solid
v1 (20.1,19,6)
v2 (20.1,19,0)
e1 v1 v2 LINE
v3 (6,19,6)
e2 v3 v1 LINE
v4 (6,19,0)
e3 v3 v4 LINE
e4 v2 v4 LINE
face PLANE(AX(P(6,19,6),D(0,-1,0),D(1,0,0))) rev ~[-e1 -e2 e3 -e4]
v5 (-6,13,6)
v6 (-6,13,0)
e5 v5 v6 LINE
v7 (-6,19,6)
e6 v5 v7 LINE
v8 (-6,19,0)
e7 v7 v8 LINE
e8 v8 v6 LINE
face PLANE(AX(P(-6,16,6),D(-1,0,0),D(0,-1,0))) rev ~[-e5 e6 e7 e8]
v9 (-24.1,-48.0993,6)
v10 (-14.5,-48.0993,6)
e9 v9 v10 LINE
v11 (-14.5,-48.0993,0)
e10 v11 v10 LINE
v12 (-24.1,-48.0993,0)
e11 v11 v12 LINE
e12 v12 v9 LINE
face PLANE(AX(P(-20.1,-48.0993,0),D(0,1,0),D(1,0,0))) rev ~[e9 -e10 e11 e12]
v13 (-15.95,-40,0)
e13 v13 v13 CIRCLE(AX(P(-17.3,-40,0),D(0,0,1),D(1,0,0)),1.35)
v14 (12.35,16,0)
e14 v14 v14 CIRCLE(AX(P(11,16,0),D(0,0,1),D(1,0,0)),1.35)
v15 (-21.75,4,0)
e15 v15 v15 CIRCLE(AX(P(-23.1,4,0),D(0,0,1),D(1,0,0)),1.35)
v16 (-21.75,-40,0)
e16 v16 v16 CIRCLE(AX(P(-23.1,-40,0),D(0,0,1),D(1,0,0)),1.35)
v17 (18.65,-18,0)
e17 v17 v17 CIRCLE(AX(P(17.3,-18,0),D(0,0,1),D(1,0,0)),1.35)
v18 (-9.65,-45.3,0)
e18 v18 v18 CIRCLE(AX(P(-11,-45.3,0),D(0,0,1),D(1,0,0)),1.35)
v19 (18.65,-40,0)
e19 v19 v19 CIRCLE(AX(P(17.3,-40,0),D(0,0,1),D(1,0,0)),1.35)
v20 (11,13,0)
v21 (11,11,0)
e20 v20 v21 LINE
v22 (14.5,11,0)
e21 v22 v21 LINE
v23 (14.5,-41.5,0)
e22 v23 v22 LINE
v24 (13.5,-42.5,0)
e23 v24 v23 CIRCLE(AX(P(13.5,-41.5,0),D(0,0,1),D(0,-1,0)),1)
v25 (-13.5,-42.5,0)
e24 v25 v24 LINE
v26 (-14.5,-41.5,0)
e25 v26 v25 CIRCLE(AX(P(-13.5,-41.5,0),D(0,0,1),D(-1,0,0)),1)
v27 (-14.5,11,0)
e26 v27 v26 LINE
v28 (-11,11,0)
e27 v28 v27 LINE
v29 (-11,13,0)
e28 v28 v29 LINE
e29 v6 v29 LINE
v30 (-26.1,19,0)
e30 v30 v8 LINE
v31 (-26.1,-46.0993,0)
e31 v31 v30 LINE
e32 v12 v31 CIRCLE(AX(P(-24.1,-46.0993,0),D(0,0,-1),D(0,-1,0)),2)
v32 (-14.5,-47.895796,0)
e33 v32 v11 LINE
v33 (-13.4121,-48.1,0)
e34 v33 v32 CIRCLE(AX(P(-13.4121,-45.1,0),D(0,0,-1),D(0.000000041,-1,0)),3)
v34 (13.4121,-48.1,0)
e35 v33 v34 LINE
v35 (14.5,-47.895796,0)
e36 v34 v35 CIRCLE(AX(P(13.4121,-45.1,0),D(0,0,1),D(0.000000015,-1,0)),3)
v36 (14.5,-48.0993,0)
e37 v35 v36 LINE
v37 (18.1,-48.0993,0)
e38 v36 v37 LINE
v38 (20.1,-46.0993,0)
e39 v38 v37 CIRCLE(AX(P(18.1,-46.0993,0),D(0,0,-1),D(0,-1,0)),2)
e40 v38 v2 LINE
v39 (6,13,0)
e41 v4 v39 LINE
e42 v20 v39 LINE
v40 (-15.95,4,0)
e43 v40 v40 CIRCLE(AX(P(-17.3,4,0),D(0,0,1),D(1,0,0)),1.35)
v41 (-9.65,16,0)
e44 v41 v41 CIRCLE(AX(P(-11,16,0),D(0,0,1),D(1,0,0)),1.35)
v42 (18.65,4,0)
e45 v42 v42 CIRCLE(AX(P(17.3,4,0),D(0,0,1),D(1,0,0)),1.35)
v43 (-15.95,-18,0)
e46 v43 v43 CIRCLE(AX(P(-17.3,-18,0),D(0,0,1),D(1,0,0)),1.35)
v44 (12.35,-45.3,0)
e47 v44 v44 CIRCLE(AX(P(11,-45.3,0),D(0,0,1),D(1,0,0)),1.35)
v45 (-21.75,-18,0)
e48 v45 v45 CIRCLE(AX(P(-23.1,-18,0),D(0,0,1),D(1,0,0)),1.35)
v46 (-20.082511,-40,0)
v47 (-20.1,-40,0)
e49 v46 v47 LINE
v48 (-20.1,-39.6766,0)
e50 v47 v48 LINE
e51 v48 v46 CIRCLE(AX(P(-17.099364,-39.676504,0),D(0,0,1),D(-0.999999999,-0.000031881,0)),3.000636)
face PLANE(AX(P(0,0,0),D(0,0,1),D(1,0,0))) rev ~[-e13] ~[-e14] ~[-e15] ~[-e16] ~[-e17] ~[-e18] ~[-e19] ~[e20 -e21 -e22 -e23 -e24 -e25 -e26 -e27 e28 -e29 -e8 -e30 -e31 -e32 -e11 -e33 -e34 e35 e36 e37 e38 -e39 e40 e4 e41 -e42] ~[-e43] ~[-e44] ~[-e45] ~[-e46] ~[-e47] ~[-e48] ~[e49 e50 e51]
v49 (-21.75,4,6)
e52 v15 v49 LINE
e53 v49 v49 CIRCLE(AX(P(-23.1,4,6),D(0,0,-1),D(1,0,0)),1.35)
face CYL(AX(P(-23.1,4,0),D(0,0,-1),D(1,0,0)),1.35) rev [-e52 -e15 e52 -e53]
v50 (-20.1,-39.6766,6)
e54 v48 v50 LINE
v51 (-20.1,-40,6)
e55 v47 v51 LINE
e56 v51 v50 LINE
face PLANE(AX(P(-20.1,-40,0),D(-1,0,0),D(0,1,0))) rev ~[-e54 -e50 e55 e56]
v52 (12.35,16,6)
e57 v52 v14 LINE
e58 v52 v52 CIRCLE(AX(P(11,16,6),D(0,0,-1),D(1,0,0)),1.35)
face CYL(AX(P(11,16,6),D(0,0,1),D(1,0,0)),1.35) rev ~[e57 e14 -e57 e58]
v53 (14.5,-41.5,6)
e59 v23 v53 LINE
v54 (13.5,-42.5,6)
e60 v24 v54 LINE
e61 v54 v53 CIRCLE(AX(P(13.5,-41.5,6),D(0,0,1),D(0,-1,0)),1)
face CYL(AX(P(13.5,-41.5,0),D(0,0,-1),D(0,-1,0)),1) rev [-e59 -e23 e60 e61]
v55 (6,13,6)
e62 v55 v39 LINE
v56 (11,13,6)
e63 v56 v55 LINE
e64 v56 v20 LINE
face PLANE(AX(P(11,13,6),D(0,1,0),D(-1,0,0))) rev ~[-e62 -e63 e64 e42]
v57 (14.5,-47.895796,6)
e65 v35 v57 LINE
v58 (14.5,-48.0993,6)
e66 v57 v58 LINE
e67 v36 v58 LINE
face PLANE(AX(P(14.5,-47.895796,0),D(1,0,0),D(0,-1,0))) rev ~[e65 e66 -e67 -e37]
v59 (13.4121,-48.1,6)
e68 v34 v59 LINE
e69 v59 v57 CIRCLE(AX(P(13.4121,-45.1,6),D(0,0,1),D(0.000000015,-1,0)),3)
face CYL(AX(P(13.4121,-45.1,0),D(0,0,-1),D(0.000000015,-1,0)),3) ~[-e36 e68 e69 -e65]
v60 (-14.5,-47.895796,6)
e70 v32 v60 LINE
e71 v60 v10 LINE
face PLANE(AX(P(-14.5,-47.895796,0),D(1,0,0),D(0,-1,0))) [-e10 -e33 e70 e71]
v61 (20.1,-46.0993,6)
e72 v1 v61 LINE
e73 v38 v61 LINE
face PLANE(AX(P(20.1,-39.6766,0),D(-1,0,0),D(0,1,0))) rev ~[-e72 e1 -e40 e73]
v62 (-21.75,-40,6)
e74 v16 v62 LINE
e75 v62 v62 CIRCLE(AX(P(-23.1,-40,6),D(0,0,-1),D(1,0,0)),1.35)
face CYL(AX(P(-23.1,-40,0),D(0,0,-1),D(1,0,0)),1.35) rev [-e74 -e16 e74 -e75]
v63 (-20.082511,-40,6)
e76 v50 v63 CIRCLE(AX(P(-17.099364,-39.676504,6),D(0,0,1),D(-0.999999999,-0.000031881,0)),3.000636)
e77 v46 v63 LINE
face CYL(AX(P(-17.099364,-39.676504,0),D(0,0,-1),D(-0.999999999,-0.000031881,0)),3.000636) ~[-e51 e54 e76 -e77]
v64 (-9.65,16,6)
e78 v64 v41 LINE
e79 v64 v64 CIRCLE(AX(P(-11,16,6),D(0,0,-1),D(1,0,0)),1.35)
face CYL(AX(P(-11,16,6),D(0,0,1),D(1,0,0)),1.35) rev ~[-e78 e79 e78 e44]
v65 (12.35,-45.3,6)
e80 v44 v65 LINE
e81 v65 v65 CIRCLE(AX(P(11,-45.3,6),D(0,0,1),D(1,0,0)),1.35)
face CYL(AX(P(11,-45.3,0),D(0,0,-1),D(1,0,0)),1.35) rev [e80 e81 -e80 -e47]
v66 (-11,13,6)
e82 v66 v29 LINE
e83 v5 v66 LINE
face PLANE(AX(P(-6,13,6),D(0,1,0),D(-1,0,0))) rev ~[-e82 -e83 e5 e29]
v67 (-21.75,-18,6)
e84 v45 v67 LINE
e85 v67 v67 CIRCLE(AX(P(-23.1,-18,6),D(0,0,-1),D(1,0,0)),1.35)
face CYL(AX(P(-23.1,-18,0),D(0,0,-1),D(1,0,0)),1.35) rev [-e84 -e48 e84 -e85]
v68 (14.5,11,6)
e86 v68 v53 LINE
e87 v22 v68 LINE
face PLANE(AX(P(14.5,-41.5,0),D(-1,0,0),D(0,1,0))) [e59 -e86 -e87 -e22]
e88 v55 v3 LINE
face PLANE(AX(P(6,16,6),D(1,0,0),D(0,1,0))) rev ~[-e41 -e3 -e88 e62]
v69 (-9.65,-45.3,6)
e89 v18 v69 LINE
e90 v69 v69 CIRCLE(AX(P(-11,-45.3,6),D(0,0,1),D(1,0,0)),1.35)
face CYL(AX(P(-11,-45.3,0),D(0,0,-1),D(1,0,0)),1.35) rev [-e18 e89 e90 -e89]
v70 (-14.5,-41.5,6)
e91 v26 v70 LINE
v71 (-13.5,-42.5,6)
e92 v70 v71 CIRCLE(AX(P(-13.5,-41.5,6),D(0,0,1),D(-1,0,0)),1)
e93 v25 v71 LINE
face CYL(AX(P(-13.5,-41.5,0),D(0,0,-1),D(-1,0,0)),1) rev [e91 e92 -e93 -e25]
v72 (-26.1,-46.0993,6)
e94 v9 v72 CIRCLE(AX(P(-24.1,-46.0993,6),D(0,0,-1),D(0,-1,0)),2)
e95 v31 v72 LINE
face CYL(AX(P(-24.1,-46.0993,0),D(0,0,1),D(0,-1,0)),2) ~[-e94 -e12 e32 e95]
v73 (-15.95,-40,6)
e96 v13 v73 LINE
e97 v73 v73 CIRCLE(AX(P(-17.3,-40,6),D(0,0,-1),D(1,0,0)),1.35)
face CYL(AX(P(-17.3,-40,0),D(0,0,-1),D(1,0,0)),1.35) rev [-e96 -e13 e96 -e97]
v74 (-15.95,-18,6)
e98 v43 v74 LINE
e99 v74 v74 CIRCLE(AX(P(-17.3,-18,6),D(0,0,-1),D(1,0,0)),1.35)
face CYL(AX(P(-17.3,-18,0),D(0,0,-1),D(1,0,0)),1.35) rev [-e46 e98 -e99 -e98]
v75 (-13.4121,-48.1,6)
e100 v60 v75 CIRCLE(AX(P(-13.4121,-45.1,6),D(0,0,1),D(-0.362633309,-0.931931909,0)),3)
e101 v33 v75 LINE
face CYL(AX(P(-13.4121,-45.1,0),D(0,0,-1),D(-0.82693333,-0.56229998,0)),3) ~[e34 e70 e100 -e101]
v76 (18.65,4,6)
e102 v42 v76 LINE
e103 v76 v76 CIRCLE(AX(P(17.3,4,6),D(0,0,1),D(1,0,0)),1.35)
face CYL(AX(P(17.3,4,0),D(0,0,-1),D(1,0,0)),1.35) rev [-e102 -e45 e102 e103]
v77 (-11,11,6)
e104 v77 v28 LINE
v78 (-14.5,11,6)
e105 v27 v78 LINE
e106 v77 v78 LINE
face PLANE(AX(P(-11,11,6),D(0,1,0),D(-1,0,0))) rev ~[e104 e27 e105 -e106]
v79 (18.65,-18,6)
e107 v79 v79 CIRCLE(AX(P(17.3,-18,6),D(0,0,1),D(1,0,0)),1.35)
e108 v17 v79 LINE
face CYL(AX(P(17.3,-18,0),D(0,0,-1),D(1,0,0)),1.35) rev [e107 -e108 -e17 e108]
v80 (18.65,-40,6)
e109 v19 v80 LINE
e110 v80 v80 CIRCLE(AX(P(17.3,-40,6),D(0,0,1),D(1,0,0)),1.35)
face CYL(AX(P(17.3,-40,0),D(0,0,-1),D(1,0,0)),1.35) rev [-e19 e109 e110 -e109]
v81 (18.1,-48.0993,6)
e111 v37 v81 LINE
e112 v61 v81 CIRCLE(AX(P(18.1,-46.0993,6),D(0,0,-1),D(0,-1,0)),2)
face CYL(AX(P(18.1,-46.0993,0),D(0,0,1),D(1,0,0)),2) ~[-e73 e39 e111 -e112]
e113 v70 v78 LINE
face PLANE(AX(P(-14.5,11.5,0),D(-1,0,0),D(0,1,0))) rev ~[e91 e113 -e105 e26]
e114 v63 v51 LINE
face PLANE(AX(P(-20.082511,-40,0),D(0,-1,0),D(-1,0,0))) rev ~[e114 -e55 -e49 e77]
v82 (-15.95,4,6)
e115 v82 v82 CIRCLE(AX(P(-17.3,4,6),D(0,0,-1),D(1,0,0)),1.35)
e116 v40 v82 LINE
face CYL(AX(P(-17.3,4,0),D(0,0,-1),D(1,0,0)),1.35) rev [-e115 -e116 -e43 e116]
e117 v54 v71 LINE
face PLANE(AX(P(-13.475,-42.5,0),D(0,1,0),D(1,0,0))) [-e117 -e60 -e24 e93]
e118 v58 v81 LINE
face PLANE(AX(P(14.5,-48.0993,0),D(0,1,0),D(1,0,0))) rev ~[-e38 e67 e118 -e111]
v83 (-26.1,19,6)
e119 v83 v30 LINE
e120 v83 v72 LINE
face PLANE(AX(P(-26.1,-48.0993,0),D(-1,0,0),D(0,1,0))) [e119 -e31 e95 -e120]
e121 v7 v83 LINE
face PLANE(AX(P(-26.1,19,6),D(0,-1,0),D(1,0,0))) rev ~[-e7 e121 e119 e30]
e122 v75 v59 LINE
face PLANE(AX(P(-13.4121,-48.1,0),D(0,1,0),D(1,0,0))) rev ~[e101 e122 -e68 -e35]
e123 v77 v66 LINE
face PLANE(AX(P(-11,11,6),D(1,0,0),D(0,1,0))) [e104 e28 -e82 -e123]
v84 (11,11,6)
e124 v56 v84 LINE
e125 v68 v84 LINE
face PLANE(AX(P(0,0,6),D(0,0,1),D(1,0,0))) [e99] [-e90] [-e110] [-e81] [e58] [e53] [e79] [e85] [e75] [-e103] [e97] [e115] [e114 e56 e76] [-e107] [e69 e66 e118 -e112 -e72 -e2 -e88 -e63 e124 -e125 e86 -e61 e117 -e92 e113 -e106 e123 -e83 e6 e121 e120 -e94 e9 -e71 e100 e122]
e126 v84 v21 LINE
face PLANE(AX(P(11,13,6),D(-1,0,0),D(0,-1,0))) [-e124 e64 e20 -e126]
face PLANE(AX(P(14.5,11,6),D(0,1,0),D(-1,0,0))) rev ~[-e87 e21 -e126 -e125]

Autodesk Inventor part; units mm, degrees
ref_plane "YZ Plane" through (0, 0, 0) normal (1, 0, 0) x (0, 1, 0)
ref_plane "XZ Plane" through (0, 0, 0) normal (0, 1, 0) x (-1, 0, 0)
ref_plane "XY Plane" through (0, 0, 0) normal (0, 0, 1) x (1, 0, 0)
ref_plane "작업 평면1" through (0, 0, 0) normal (0, 0, 1) x (1, 0, 0)
sketch "스케치1" plane through (0, 0, 0) normal (0, 0, 1) x (1, 0, 0)
  arc A0 (20.1, 4.5766) -> (19.5808, 6.2636) centre (17.1, 4.5766) ccw projected
  line L0 (19.5808, 6.2636) -> (15.5953, 12.1246) projected
  arc A1 (15.5953, 12.1246) -> (13.9414, 13) centre (13.9414, 11) ccw projected
  line L1 (13, 13) -> (13.9414, 13) projected
  arc A2 (14.5, 11.5) -> (13, 13) centre (13, 11.5) ccw projected
  line L2 (14.5, -41.5) -> (14.5, 11.5) projected
  arc A3 (13.5, -42.5) -> (14.5, -41.5) centre (13.5, -41.5) ccw projected
  line L3 (-13.5, -42.5) -> (13.5, -42.5) projected
  arc A4 (-14.5, -41.5) -> (-13.5, -42.5) centre (-13.5, -41.5) ccw projected
  line L4 (-14.5, 11.5) -> (-14.5, -41.5) projected
  arc A5 (-13, 13) -> (-14.5, 11.5) centre (-13, 11.5) ccw projected
  line L5 (-13.9414, 13) -> (-13, 13) projected
  arc A6 (-13.9414, 13) -> (-15.5953, 12.1246) centre (-13.9414, 11) ccw projected
  line L6 (-15.5953, 12.1246) -> (-19.5808, 6.2636) projected
  arc A7 (-19.5808, 6.2636) -> (-20.1, 4.5766) centre (-17.1, 4.5766) ccw projected
  line L7 (-20.1, 4.5766) -> (-20.1, -39.6766) projected
  arc A8 (-20.1, -39.6766) -> (-19.5808, -41.3636) centre (-17.1, -39.6766) ccw projected
  line L8 (-19.5808, -41.3636) -> (-15.8929, -46.7869) projected
  arc A9 (-15.8929, -46.7869) -> (-13.4121, -48.1) centre (-13.4121, -45.1) ccw projected
  line L9 (-13.4121, -48.1) -> (13.4121, -48.1) projected
  arc A10 (13.4121, -48.1) -> (15.8929, -46.7869) centre (13.4121, -45.1) ccw projected
  line L10 (15.8929, -46.7869) -> (19.5808, -41.3636) projected
  arc A11 (19.5808, -41.3636) -> (20.1, -39.6766) centre (17.1, -39.6766) ccw projected
  line L11 (20.1, -39.6766) -> (20.1, 4.5766) projected
  circle A12 centre (-17.3, 4) radius 1.35 projected
  circle A13 centre (-17.3, -18) radius 1.35 projected
  circle A14 centre (-11, -45.3) radius 1.35 projected
  circle A15 centre (17.3, 4) radius 1.35 projected
  circle A16 centre (17.3, -18) radius 1.35 projected
  circle A17 centre (11, -45.3) radius 1.35 projected
  circle A18 centre (-17.3, -40) radius 1.35 projected
  circle A19 centre (17.3, -40) radius 1.35 projected
  line L12 (-20.1, -48.0993) -> (-20.1, 25.0993) projected
  line L13 (-20.1, 25.0993) -> (-26.1, 25.0993) projected
  line L14 (-26.1, -48.0993) -> (-26.1, 25.0993) projected
  line L15 (-20.1, -48.0993) -> (-26.1, -48.0993) projected
  line L16 (-14.5, 11.5) -> (-14.5, 13.7353)
  line L17 (-13.9414, 13) -> (-15.2676, 13)
  line L18 (-14.5, -41.5) -> (-14.5, -54.5935)
  line L19 (-20.1, -48.0993) -> (-13.475, -48.0993)
  line L20 (-13.475, -48.0993) -> (-26.1, -48.0993)
  line L21 (-26.1, -48.0993) -> (-26.1, 13)
  line L22 (-26.1, 13) -> (-13.475, 13)
  line L23 (-13.475, 13) -> (-13.475, -48.0993)
  line L24 (-17.3, 4) -> (-17.3, -18)
  line L25 (-17.3, -18) -> (-23.1, -18)
  line L26 (-23.1, -18) -> (-23.1, 4)
  line L27 (-23.1, 4) -> (-17.3, 4)
  line L28 (-17.3, -18) -> (-17.3, -40)
  line L29 (-17.3, -40) -> (-23.1, -40)
  line L30 (-23.1, -40) -> (-23.1, -18)
  line L31 (-23.1, -18) -> (-17.3, -18)
  circle A20 centre (-23.1, 4) radius 1.35
  circle A21 centre (-23.1, -18) radius 1.35
  circle A22 centre (-23.1, -40) radius 1.35
  line L32 (14.5, 13) -> (14.5, -48.0993)
  line L33 (14.5, -48.0993) -> (20.1, -48.0993)
  line L34 (20.1, -48.0993) -> (20.1, 13)
  line L35 (20.1, 13) -> (14.5, 13)
  circle A23 centre (-23.1, 4) radius 1.35 projected
  circle A24 centre (-23.1, -18) radius 1.35 projected
  circle A25 centre (-23.1, -40) radius 1.35 projected
  point P0 (0, 0)
  point P1 (-14.5, 13)
  point P2 (20.1, 4.5766)
  point P3 (14.5, 11.5)
  point P4 (-26.1, 13)
  point P5 (-14.5, -48.0993)
  point P6 (-14.5, -47.8958)
  point P7 (14.5, -47.8958)
  point P8 (20.1, -39.6766)
  point P9 (-20.0825, -40)
  point P10 (-20.1, -40)
  dimension "d0" = 2.7
  dimension "d1" = 2.7
  dimension "d2" = 2.7
extrude "돌출1" add sketch "스케치1" along normal blind 6 contours L11 A11 L10 A10 L32 L2 A1 L0 A0 | A0 L0 A1 L32 L35 L34 | L34 L33 L32 A10 L10 A11 | A10 L9 A9 L23 L3 A3 L32 | L23 A9 L18 A4 L3 | L18 L19 L12 L29 A8 L8 A9 | A9 L8 A8 L29 A18 L28 A13 L24 A12 L27 L7 A7 L6 A6 L16 L4 L18 | L15 L14 L22 L12 L7 L27 A20 L26 A21 L30 A22 L29 | A6 L6 A7 L12 L22 L17 L16 | L29 A22 L30 A21 L25 L7 L12 | A8 L7 L25 A13 L28 A18 L29 | L25 A21 L26 A20 L27 L7 | L7 L27 A12 L24 A13 L25
fillet "모깎기1" radius 2 6 edges at (-26.1, -48.0993, 3) (20.1, -48.0993, 3) (20.1, 13, 3) (14.5, 13, 3) (-14.5, 13, 3) (-26.1, 13, 3)
sketch "스케치2" plane through (0, 0, 6) normal (0, 0, 1) x (1, 0, 0)
  line L0 (-13, 13) -> (-13, 19) projected
  line L1 (13, 13) -> (-13, 13) projected
  line L2 (13, 13) -> (13, 19) projected
  line L3 (-13, 19) -> (13, 19) projected
  arc A0 (-24.1, 13) -> (-26.1, 11) centre (-24.1, 11) ccw projected
  line L4 (-26.1, 11) -> (-26.1, -46.0993) projected
  arc A1 (-26.1, -46.0993) -> (-24.1, -48.0993) centre (-24.1, -46.0993) ccw projected
  line L5 (-24.1, -48.0993) -> (-14.5, -48.0993) projected
  line L6 (-14.5, -48.0993) -> (-14.5, -47.8958) projected
  arc A2 (-14.5, -47.8958) -> (-13.4121, -48.1) centre (-13.4121, -45.1) ccw projected
  line L7 (-13.4121, -48.1) -> (13.4121, -48.1) projected
  arc A3 (13.4121, -48.1) -> (14.5, -47.8958) centre (13.4121, -45.1) ccw projected
  line L8 (14.5, -47.8958) -> (14.5, -48.0993) projected
  line L9 (14.5, -48.0993) -> (18.1, -48.0993) projected
  arc A4 (18.1, -48.0993) -> (20.1, -46.0993) centre (18.1, -46.0993) ccw projected
  line L10 (20.1, -46.0993) -> (20.1, 11) projected
  arc A5 (20.1, 11) -> (18.1, 13) centre (18.1, 11) ccw projected
  line L11 (18.1, 13) -> (16.5, 13) projected
  arc A6 (16.5, 13) -> (14.5, 11) centre (16.5, 11) ccw projected
  line L12 (14.5, 11) -> (14.5, -41.5) projected
  arc A7 (13.5, -42.5) -> (14.5, -41.5) centre (13.5, -41.5) ccw projected
  line L13 (13.5, -42.5) -> (-13.5, -42.5) projected
  arc A8 (-14.5, -41.5) -> (-13.5, -42.5) centre (-13.5, -41.5) ccw projected
  line L14 (-14.5, -41.5) -> (-14.5, 11) projected
  arc A9 (-14.5, 11) -> (-16.5, 13) centre (-16.5, 11) ccw projected
  line L15 (-16.5, 13) -> (-24.1, 13) projected
  circle A10 centre (-17.3, -18) radius 1.35 projected
  circle A11 centre (-23.1, 4) radius 1.35 projected
  circle A12 centre (-23.1, -18) radius 1.35 projected
  circle A13 centre (11, -45.3) radius 1.35 projected
  circle A14 centre (-11, -45.3) radius 1.35 projected
  circle A15 centre (-17.3, 4) radius 1.35 projected
  circle A16 centre (-17.3, -40) radius 1.35 projected
  circle A17 centre (17.3, -18) radius 1.35 projected
  circle A18 centre (17.3, 4) radius 1.35 projected
  circle A19 centre (17.3, -40) radius 1.35 projected
  arc A20 (-20.1, -39.6766) -> (-20.0825, -40) centre (-17.1, -39.6766) ccw projected
  line L16 (-20.0825, -40) -> (-20.1, -40) projected
  line L17 (-20.1, -40) -> (-20.1, -39.6766) projected
  circle A21 centre (-23.1, -40) radius 1.35 projected
  line L18 (18.1, 11) -> (-24.1, 11)
  line L19 (-24.1, 11) -> (-26.1, 11)
  line L20 (18.1, 11) -> (20.1, 11)
  line L21 (20.1, 11) -> (-26.1, 11)
  line L22 (-26.1, 11) -> (-26.1, 19)
  line L23 (-26.1, 19) -> (20.1, 19)
  line L24 (20.1, 19) -> (20.1, 11)
  line L25 (11, -45.3) -> (-11, -45.3)
  line L26 (-11, -45.3) -> (-11, 16)
  line L27 (-11, 16) -> (11, 16)
  line L28 (11, 16) -> (11, -45.3)
  circle A22 centre (11, 16) radius 1.35
  circle A23 centre (-11, 16) radius 1.35
  line L29 (11, 16) -> (6, 16)
  line L30 (-11, 16) -> (-6, 16)
  line L31 (6, 13) -> (6, 19)
  line L32 (6, 19) -> (-6, 19)
  line L33 (-6, 19) -> (-6, 13)
  line L34 (-6, 13) -> (6, 13)
  point P0 (0, 0)
  point P1 (11, 13)
  point P2 (11, 11)
  point P3 (-11, 13)
  point P4 (-14.5, 11)
  point P5 (-11, 11)
  dimension "d6" = 2.7
  dimension "d7" = 2.7
  dimension "d8" = 5
  dimension "d9" = 5
extrude "돌출2" add sketch "스케치2" against normal blind 6 contours L1 L26 L18 A9 L15 A0 L22 L23 L0 | L0 L3 L33 L27 A23 L26 L1 | L26 A23 L27 L33 L1 | L3 L2 L1 L28 A22 L27 L31 | L31 L27 A22 L28 L1 | L28 L1 L2 L23 L24 A5 L11 A6 L18
properties part number "_body_side_ver2" material "PMMA 플라스틱"
